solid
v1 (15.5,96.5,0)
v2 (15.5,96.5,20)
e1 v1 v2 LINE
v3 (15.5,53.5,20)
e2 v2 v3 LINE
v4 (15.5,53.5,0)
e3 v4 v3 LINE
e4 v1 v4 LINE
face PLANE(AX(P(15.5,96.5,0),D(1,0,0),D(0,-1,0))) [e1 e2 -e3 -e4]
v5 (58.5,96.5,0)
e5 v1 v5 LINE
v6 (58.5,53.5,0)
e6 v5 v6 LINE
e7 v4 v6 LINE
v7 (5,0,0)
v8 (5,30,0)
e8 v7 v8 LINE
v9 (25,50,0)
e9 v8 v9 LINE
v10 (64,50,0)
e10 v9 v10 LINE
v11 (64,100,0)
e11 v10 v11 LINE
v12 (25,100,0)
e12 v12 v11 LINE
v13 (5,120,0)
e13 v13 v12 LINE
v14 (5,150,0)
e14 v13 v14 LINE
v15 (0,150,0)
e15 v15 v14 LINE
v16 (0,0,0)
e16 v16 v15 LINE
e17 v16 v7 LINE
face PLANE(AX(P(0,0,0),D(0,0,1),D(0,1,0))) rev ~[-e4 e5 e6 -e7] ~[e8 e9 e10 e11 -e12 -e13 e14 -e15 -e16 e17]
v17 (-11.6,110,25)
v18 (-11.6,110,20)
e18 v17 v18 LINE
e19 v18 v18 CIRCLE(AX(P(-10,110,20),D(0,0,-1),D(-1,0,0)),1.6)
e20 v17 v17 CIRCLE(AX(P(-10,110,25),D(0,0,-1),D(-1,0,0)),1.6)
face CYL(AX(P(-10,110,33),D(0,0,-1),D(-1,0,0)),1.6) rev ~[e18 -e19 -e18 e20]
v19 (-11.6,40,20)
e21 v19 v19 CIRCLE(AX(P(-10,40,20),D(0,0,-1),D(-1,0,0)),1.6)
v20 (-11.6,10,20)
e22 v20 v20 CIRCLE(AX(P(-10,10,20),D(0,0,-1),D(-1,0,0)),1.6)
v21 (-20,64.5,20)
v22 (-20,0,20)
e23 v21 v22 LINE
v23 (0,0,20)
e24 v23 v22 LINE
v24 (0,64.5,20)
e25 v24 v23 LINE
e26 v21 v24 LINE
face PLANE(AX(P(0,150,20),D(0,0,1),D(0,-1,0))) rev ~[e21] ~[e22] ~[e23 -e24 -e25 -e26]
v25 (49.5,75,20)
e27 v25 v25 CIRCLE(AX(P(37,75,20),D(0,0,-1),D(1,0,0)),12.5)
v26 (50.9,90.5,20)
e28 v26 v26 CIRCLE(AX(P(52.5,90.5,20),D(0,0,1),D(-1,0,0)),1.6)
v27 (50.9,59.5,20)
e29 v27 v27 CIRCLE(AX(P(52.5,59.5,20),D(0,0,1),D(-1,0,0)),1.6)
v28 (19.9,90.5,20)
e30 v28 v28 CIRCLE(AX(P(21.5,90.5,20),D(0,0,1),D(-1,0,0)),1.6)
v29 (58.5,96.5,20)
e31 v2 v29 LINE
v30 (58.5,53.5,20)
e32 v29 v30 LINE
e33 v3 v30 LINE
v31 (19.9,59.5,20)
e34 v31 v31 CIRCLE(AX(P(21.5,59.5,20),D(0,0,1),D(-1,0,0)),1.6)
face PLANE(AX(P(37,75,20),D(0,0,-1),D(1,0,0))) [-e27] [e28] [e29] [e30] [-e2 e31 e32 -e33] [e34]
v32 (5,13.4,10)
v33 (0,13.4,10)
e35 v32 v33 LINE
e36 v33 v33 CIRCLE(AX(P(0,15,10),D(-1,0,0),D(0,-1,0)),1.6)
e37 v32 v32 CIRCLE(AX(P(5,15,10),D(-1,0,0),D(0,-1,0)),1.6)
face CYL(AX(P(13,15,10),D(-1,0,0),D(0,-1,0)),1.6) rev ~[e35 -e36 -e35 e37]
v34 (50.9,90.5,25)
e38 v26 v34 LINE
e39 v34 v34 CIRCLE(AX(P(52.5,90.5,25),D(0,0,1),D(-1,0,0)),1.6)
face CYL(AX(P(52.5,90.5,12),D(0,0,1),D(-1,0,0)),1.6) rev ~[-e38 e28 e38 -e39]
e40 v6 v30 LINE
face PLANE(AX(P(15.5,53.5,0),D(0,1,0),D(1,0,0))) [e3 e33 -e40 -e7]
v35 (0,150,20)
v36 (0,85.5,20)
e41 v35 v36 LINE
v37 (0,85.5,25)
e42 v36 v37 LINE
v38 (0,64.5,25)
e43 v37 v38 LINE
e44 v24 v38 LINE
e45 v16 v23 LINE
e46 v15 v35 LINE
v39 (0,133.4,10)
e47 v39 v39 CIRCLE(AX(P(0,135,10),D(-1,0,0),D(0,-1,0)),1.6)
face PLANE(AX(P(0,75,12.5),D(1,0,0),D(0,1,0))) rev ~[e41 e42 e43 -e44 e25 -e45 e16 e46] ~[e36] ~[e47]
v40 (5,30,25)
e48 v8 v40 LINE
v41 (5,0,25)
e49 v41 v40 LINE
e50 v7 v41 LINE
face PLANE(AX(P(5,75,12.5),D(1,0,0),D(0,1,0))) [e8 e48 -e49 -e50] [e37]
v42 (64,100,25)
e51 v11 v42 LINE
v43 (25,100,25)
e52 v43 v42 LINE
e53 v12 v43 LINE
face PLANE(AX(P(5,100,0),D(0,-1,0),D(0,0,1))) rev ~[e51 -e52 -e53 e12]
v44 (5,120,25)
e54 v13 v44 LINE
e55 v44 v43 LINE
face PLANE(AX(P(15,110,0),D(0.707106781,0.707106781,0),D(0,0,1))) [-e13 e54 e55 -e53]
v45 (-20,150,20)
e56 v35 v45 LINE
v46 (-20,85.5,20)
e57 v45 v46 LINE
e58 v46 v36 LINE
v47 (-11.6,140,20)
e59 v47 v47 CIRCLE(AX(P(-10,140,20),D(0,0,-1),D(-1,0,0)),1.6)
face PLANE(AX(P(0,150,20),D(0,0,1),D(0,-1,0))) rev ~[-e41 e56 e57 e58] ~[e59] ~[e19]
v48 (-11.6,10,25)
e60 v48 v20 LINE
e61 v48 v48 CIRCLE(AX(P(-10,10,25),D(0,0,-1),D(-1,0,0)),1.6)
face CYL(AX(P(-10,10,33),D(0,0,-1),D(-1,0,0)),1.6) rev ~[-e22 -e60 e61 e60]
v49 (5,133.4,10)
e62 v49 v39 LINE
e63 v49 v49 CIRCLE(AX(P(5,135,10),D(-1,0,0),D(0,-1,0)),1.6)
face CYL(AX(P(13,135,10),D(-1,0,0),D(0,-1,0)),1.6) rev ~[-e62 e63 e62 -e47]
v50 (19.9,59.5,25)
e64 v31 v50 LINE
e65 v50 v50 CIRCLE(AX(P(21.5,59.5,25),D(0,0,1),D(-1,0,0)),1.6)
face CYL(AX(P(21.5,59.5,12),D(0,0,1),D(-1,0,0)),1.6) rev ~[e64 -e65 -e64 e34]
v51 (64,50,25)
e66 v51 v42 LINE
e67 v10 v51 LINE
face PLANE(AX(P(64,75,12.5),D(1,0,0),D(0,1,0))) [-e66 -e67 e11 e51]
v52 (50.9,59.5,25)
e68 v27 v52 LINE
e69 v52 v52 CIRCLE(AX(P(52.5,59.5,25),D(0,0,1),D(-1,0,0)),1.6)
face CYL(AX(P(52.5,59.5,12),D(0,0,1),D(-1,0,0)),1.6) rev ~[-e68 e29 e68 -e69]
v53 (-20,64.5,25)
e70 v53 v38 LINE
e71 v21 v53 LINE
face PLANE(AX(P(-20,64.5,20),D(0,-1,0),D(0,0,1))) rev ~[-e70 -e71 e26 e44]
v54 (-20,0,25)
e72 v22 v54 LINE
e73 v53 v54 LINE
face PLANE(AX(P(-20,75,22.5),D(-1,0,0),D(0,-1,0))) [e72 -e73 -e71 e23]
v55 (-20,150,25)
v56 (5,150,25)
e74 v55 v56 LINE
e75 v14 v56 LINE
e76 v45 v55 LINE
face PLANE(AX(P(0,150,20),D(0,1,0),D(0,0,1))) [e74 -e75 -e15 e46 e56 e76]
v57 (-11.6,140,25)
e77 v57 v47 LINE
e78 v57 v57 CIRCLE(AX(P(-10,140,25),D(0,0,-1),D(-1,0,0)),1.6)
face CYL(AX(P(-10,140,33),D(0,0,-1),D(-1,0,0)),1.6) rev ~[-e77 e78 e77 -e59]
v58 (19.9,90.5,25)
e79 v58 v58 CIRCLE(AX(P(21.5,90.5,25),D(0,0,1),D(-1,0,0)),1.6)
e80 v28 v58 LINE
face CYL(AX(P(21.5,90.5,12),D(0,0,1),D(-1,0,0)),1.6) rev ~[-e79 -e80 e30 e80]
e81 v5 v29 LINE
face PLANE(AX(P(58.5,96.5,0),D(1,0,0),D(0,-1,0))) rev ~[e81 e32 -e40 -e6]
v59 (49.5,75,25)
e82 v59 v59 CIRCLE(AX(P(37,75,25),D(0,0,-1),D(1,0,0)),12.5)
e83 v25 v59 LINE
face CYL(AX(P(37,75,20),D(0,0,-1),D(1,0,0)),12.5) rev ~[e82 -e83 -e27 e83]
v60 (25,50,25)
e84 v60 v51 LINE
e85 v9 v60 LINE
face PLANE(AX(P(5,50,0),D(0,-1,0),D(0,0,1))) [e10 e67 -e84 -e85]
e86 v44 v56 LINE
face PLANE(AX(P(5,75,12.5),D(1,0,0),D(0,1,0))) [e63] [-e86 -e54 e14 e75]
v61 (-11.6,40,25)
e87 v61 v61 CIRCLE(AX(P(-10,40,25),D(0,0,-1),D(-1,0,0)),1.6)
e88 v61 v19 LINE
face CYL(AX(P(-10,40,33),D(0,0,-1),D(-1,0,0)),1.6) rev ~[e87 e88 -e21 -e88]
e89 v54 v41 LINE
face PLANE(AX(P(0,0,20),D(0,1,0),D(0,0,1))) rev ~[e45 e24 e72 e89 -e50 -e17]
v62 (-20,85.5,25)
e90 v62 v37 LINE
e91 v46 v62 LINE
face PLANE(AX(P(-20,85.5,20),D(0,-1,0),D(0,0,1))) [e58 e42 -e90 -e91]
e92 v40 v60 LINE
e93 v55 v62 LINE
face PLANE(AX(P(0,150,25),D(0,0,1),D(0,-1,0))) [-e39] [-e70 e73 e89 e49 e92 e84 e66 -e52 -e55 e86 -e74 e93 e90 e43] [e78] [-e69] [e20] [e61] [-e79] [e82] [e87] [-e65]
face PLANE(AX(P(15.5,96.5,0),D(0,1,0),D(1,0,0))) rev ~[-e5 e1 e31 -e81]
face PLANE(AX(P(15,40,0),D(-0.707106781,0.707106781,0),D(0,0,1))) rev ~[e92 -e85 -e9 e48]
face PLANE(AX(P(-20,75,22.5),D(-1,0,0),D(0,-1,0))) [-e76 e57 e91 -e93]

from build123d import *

# Parameters (mm, degrees)
F0_W      = 150
F0_H      = 25
F1_DEPTH  = 5
F2_W      = 50
F2_H      = 25
F3_DEPTH  = 59
F4_W      = 43
F4_H      = 43
F5_DEPTH  = 20
F7_D      = 3.2
F7_DEPTH  = 8
F7_TIP    = 0.9613769904
F6_R      = 12.5
F8_DEPTH  = 5.001
F10_D     = 3.2
F10_DEPTH = 8
F10_TIP   = 0.9613769904
F11_SIZE  = 20
F12_W     = 150
F12_H     = 5
F13_DEPTH = 20
F14_W     = 21
F14_H     = 5
F15_DEPTH = 20
F17_D     = 3.2
F17_DEPTH = 8
F17_TIP   = 0.9613769904


with BuildPart() as f1:
    # F0 (on Right) → F1 (new body)
    with BuildSketch(Plane.YZ):
        with Locations((75, 12.5)):
            Rectangle(F0_W, F0_H)
    extrude(amount=F1_DEPTH)

    # F2 (on face) → F3 (join)
    with BuildSketch(Plane.YZ.offset(5)):
        with Locations((75, 12.5)):
            Rectangle(F2_W, F2_H)
    extrude(amount=F3_DEPTH)

    # F4 (on face) → F5 (cut)
    with BuildSketch(Plane(origin=(0, 0, 0), x_dir=(1, 0, 0), z_dir=(0, 0, -1))):
        with Locations((37, -75)):
            Rectangle(F4_W, F4_H)
    extrude(amount=-F5_DEPTH, mode=Mode.SUBTRACT)

    # F7
    with Locations(Plane(origin=(0, 0, 20), x_dir=(1, 0, 0), z_dir=(0, 0, -1))):
        with Locations((21.5, -59.5), (52.5, -59.5), (52.5, -90.5), (21.5, -90.5)):
            Hole(F7_D / 2, depth=F7_DEPTH)
            with Locations((0, 0, -(F7_DEPTH + F7_TIP / 2))):  # 118° drill point
                Cone(0, F7_D / 2, F7_TIP, mode=Mode.SUBTRACT)

    # F6 (on face) → F8 (cut, through all)
    with BuildSketch(Plane(origin=(0, 0, 20), x_dir=(1, 0, 0), z_dir=(0, 0, -1))):
        with Locations((37, -75)):
            Circle(F6_R)
    extrude(amount=-F8_DEPTH, mode=Mode.SUBTRACT)

    # F10
    with Locations(Plane.YZ.offset(5)):
        with Locations((15, 10), (135, 10)):
            Hole(F10_D / 2, depth=F10_DEPTH)
            with Locations((0, 0, -(F10_DEPTH + F10_TIP / 2))):  # 118° drill point
                Cone(0, F10_D / 2, F10_TIP, mode=Mode.SUBTRACT)

    # F11
    f11_edges = [f1.edges().sort_by_distance(p)[0] for p in [
        (5, 50, 12.5),
        (5, 100, 12.5),
    ]]
    chamfer(f11_edges, length=F11_SIZE)

    # F12 (on face) → F13 (join)
    with BuildSketch(Plane(origin=(0, 0, 0), x_dir=(0, -1, 0), z_dir=(-1, 0, 0))):
        with Locations((-75, 22.5)):
            Rectangle(F12_W, F12_H)
    extrude(amount=F13_DEPTH)

    # F14 (on face) → F15 (cut, through all)
    with BuildSketch(Plane(origin=(-20, 0, 0), x_dir=(0, -1, 0), z_dir=(-1, 0, 0))):
        with Locations((-75, 22.5)):
            Rectangle(F14_W, F14_H)
    extrude(amount=-F15_DEPTH, mode=Mode.SUBTRACT)

    # F17
    with Locations(Plane.XY.offset(25)):
        with Locations((-10, 10), (-10, 40), (-10, 110), (-10, 140)):
            Hole(F17_D / 2, depth=F17_DEPTH)
            with Locations((0, 0, -(F17_DEPTH + F17_TIP / 2))):  # 118° drill point
                Cone(0, F17_D / 2, F17_TIP, mode=Mode.SUBTRACT)


solid = f1.part
